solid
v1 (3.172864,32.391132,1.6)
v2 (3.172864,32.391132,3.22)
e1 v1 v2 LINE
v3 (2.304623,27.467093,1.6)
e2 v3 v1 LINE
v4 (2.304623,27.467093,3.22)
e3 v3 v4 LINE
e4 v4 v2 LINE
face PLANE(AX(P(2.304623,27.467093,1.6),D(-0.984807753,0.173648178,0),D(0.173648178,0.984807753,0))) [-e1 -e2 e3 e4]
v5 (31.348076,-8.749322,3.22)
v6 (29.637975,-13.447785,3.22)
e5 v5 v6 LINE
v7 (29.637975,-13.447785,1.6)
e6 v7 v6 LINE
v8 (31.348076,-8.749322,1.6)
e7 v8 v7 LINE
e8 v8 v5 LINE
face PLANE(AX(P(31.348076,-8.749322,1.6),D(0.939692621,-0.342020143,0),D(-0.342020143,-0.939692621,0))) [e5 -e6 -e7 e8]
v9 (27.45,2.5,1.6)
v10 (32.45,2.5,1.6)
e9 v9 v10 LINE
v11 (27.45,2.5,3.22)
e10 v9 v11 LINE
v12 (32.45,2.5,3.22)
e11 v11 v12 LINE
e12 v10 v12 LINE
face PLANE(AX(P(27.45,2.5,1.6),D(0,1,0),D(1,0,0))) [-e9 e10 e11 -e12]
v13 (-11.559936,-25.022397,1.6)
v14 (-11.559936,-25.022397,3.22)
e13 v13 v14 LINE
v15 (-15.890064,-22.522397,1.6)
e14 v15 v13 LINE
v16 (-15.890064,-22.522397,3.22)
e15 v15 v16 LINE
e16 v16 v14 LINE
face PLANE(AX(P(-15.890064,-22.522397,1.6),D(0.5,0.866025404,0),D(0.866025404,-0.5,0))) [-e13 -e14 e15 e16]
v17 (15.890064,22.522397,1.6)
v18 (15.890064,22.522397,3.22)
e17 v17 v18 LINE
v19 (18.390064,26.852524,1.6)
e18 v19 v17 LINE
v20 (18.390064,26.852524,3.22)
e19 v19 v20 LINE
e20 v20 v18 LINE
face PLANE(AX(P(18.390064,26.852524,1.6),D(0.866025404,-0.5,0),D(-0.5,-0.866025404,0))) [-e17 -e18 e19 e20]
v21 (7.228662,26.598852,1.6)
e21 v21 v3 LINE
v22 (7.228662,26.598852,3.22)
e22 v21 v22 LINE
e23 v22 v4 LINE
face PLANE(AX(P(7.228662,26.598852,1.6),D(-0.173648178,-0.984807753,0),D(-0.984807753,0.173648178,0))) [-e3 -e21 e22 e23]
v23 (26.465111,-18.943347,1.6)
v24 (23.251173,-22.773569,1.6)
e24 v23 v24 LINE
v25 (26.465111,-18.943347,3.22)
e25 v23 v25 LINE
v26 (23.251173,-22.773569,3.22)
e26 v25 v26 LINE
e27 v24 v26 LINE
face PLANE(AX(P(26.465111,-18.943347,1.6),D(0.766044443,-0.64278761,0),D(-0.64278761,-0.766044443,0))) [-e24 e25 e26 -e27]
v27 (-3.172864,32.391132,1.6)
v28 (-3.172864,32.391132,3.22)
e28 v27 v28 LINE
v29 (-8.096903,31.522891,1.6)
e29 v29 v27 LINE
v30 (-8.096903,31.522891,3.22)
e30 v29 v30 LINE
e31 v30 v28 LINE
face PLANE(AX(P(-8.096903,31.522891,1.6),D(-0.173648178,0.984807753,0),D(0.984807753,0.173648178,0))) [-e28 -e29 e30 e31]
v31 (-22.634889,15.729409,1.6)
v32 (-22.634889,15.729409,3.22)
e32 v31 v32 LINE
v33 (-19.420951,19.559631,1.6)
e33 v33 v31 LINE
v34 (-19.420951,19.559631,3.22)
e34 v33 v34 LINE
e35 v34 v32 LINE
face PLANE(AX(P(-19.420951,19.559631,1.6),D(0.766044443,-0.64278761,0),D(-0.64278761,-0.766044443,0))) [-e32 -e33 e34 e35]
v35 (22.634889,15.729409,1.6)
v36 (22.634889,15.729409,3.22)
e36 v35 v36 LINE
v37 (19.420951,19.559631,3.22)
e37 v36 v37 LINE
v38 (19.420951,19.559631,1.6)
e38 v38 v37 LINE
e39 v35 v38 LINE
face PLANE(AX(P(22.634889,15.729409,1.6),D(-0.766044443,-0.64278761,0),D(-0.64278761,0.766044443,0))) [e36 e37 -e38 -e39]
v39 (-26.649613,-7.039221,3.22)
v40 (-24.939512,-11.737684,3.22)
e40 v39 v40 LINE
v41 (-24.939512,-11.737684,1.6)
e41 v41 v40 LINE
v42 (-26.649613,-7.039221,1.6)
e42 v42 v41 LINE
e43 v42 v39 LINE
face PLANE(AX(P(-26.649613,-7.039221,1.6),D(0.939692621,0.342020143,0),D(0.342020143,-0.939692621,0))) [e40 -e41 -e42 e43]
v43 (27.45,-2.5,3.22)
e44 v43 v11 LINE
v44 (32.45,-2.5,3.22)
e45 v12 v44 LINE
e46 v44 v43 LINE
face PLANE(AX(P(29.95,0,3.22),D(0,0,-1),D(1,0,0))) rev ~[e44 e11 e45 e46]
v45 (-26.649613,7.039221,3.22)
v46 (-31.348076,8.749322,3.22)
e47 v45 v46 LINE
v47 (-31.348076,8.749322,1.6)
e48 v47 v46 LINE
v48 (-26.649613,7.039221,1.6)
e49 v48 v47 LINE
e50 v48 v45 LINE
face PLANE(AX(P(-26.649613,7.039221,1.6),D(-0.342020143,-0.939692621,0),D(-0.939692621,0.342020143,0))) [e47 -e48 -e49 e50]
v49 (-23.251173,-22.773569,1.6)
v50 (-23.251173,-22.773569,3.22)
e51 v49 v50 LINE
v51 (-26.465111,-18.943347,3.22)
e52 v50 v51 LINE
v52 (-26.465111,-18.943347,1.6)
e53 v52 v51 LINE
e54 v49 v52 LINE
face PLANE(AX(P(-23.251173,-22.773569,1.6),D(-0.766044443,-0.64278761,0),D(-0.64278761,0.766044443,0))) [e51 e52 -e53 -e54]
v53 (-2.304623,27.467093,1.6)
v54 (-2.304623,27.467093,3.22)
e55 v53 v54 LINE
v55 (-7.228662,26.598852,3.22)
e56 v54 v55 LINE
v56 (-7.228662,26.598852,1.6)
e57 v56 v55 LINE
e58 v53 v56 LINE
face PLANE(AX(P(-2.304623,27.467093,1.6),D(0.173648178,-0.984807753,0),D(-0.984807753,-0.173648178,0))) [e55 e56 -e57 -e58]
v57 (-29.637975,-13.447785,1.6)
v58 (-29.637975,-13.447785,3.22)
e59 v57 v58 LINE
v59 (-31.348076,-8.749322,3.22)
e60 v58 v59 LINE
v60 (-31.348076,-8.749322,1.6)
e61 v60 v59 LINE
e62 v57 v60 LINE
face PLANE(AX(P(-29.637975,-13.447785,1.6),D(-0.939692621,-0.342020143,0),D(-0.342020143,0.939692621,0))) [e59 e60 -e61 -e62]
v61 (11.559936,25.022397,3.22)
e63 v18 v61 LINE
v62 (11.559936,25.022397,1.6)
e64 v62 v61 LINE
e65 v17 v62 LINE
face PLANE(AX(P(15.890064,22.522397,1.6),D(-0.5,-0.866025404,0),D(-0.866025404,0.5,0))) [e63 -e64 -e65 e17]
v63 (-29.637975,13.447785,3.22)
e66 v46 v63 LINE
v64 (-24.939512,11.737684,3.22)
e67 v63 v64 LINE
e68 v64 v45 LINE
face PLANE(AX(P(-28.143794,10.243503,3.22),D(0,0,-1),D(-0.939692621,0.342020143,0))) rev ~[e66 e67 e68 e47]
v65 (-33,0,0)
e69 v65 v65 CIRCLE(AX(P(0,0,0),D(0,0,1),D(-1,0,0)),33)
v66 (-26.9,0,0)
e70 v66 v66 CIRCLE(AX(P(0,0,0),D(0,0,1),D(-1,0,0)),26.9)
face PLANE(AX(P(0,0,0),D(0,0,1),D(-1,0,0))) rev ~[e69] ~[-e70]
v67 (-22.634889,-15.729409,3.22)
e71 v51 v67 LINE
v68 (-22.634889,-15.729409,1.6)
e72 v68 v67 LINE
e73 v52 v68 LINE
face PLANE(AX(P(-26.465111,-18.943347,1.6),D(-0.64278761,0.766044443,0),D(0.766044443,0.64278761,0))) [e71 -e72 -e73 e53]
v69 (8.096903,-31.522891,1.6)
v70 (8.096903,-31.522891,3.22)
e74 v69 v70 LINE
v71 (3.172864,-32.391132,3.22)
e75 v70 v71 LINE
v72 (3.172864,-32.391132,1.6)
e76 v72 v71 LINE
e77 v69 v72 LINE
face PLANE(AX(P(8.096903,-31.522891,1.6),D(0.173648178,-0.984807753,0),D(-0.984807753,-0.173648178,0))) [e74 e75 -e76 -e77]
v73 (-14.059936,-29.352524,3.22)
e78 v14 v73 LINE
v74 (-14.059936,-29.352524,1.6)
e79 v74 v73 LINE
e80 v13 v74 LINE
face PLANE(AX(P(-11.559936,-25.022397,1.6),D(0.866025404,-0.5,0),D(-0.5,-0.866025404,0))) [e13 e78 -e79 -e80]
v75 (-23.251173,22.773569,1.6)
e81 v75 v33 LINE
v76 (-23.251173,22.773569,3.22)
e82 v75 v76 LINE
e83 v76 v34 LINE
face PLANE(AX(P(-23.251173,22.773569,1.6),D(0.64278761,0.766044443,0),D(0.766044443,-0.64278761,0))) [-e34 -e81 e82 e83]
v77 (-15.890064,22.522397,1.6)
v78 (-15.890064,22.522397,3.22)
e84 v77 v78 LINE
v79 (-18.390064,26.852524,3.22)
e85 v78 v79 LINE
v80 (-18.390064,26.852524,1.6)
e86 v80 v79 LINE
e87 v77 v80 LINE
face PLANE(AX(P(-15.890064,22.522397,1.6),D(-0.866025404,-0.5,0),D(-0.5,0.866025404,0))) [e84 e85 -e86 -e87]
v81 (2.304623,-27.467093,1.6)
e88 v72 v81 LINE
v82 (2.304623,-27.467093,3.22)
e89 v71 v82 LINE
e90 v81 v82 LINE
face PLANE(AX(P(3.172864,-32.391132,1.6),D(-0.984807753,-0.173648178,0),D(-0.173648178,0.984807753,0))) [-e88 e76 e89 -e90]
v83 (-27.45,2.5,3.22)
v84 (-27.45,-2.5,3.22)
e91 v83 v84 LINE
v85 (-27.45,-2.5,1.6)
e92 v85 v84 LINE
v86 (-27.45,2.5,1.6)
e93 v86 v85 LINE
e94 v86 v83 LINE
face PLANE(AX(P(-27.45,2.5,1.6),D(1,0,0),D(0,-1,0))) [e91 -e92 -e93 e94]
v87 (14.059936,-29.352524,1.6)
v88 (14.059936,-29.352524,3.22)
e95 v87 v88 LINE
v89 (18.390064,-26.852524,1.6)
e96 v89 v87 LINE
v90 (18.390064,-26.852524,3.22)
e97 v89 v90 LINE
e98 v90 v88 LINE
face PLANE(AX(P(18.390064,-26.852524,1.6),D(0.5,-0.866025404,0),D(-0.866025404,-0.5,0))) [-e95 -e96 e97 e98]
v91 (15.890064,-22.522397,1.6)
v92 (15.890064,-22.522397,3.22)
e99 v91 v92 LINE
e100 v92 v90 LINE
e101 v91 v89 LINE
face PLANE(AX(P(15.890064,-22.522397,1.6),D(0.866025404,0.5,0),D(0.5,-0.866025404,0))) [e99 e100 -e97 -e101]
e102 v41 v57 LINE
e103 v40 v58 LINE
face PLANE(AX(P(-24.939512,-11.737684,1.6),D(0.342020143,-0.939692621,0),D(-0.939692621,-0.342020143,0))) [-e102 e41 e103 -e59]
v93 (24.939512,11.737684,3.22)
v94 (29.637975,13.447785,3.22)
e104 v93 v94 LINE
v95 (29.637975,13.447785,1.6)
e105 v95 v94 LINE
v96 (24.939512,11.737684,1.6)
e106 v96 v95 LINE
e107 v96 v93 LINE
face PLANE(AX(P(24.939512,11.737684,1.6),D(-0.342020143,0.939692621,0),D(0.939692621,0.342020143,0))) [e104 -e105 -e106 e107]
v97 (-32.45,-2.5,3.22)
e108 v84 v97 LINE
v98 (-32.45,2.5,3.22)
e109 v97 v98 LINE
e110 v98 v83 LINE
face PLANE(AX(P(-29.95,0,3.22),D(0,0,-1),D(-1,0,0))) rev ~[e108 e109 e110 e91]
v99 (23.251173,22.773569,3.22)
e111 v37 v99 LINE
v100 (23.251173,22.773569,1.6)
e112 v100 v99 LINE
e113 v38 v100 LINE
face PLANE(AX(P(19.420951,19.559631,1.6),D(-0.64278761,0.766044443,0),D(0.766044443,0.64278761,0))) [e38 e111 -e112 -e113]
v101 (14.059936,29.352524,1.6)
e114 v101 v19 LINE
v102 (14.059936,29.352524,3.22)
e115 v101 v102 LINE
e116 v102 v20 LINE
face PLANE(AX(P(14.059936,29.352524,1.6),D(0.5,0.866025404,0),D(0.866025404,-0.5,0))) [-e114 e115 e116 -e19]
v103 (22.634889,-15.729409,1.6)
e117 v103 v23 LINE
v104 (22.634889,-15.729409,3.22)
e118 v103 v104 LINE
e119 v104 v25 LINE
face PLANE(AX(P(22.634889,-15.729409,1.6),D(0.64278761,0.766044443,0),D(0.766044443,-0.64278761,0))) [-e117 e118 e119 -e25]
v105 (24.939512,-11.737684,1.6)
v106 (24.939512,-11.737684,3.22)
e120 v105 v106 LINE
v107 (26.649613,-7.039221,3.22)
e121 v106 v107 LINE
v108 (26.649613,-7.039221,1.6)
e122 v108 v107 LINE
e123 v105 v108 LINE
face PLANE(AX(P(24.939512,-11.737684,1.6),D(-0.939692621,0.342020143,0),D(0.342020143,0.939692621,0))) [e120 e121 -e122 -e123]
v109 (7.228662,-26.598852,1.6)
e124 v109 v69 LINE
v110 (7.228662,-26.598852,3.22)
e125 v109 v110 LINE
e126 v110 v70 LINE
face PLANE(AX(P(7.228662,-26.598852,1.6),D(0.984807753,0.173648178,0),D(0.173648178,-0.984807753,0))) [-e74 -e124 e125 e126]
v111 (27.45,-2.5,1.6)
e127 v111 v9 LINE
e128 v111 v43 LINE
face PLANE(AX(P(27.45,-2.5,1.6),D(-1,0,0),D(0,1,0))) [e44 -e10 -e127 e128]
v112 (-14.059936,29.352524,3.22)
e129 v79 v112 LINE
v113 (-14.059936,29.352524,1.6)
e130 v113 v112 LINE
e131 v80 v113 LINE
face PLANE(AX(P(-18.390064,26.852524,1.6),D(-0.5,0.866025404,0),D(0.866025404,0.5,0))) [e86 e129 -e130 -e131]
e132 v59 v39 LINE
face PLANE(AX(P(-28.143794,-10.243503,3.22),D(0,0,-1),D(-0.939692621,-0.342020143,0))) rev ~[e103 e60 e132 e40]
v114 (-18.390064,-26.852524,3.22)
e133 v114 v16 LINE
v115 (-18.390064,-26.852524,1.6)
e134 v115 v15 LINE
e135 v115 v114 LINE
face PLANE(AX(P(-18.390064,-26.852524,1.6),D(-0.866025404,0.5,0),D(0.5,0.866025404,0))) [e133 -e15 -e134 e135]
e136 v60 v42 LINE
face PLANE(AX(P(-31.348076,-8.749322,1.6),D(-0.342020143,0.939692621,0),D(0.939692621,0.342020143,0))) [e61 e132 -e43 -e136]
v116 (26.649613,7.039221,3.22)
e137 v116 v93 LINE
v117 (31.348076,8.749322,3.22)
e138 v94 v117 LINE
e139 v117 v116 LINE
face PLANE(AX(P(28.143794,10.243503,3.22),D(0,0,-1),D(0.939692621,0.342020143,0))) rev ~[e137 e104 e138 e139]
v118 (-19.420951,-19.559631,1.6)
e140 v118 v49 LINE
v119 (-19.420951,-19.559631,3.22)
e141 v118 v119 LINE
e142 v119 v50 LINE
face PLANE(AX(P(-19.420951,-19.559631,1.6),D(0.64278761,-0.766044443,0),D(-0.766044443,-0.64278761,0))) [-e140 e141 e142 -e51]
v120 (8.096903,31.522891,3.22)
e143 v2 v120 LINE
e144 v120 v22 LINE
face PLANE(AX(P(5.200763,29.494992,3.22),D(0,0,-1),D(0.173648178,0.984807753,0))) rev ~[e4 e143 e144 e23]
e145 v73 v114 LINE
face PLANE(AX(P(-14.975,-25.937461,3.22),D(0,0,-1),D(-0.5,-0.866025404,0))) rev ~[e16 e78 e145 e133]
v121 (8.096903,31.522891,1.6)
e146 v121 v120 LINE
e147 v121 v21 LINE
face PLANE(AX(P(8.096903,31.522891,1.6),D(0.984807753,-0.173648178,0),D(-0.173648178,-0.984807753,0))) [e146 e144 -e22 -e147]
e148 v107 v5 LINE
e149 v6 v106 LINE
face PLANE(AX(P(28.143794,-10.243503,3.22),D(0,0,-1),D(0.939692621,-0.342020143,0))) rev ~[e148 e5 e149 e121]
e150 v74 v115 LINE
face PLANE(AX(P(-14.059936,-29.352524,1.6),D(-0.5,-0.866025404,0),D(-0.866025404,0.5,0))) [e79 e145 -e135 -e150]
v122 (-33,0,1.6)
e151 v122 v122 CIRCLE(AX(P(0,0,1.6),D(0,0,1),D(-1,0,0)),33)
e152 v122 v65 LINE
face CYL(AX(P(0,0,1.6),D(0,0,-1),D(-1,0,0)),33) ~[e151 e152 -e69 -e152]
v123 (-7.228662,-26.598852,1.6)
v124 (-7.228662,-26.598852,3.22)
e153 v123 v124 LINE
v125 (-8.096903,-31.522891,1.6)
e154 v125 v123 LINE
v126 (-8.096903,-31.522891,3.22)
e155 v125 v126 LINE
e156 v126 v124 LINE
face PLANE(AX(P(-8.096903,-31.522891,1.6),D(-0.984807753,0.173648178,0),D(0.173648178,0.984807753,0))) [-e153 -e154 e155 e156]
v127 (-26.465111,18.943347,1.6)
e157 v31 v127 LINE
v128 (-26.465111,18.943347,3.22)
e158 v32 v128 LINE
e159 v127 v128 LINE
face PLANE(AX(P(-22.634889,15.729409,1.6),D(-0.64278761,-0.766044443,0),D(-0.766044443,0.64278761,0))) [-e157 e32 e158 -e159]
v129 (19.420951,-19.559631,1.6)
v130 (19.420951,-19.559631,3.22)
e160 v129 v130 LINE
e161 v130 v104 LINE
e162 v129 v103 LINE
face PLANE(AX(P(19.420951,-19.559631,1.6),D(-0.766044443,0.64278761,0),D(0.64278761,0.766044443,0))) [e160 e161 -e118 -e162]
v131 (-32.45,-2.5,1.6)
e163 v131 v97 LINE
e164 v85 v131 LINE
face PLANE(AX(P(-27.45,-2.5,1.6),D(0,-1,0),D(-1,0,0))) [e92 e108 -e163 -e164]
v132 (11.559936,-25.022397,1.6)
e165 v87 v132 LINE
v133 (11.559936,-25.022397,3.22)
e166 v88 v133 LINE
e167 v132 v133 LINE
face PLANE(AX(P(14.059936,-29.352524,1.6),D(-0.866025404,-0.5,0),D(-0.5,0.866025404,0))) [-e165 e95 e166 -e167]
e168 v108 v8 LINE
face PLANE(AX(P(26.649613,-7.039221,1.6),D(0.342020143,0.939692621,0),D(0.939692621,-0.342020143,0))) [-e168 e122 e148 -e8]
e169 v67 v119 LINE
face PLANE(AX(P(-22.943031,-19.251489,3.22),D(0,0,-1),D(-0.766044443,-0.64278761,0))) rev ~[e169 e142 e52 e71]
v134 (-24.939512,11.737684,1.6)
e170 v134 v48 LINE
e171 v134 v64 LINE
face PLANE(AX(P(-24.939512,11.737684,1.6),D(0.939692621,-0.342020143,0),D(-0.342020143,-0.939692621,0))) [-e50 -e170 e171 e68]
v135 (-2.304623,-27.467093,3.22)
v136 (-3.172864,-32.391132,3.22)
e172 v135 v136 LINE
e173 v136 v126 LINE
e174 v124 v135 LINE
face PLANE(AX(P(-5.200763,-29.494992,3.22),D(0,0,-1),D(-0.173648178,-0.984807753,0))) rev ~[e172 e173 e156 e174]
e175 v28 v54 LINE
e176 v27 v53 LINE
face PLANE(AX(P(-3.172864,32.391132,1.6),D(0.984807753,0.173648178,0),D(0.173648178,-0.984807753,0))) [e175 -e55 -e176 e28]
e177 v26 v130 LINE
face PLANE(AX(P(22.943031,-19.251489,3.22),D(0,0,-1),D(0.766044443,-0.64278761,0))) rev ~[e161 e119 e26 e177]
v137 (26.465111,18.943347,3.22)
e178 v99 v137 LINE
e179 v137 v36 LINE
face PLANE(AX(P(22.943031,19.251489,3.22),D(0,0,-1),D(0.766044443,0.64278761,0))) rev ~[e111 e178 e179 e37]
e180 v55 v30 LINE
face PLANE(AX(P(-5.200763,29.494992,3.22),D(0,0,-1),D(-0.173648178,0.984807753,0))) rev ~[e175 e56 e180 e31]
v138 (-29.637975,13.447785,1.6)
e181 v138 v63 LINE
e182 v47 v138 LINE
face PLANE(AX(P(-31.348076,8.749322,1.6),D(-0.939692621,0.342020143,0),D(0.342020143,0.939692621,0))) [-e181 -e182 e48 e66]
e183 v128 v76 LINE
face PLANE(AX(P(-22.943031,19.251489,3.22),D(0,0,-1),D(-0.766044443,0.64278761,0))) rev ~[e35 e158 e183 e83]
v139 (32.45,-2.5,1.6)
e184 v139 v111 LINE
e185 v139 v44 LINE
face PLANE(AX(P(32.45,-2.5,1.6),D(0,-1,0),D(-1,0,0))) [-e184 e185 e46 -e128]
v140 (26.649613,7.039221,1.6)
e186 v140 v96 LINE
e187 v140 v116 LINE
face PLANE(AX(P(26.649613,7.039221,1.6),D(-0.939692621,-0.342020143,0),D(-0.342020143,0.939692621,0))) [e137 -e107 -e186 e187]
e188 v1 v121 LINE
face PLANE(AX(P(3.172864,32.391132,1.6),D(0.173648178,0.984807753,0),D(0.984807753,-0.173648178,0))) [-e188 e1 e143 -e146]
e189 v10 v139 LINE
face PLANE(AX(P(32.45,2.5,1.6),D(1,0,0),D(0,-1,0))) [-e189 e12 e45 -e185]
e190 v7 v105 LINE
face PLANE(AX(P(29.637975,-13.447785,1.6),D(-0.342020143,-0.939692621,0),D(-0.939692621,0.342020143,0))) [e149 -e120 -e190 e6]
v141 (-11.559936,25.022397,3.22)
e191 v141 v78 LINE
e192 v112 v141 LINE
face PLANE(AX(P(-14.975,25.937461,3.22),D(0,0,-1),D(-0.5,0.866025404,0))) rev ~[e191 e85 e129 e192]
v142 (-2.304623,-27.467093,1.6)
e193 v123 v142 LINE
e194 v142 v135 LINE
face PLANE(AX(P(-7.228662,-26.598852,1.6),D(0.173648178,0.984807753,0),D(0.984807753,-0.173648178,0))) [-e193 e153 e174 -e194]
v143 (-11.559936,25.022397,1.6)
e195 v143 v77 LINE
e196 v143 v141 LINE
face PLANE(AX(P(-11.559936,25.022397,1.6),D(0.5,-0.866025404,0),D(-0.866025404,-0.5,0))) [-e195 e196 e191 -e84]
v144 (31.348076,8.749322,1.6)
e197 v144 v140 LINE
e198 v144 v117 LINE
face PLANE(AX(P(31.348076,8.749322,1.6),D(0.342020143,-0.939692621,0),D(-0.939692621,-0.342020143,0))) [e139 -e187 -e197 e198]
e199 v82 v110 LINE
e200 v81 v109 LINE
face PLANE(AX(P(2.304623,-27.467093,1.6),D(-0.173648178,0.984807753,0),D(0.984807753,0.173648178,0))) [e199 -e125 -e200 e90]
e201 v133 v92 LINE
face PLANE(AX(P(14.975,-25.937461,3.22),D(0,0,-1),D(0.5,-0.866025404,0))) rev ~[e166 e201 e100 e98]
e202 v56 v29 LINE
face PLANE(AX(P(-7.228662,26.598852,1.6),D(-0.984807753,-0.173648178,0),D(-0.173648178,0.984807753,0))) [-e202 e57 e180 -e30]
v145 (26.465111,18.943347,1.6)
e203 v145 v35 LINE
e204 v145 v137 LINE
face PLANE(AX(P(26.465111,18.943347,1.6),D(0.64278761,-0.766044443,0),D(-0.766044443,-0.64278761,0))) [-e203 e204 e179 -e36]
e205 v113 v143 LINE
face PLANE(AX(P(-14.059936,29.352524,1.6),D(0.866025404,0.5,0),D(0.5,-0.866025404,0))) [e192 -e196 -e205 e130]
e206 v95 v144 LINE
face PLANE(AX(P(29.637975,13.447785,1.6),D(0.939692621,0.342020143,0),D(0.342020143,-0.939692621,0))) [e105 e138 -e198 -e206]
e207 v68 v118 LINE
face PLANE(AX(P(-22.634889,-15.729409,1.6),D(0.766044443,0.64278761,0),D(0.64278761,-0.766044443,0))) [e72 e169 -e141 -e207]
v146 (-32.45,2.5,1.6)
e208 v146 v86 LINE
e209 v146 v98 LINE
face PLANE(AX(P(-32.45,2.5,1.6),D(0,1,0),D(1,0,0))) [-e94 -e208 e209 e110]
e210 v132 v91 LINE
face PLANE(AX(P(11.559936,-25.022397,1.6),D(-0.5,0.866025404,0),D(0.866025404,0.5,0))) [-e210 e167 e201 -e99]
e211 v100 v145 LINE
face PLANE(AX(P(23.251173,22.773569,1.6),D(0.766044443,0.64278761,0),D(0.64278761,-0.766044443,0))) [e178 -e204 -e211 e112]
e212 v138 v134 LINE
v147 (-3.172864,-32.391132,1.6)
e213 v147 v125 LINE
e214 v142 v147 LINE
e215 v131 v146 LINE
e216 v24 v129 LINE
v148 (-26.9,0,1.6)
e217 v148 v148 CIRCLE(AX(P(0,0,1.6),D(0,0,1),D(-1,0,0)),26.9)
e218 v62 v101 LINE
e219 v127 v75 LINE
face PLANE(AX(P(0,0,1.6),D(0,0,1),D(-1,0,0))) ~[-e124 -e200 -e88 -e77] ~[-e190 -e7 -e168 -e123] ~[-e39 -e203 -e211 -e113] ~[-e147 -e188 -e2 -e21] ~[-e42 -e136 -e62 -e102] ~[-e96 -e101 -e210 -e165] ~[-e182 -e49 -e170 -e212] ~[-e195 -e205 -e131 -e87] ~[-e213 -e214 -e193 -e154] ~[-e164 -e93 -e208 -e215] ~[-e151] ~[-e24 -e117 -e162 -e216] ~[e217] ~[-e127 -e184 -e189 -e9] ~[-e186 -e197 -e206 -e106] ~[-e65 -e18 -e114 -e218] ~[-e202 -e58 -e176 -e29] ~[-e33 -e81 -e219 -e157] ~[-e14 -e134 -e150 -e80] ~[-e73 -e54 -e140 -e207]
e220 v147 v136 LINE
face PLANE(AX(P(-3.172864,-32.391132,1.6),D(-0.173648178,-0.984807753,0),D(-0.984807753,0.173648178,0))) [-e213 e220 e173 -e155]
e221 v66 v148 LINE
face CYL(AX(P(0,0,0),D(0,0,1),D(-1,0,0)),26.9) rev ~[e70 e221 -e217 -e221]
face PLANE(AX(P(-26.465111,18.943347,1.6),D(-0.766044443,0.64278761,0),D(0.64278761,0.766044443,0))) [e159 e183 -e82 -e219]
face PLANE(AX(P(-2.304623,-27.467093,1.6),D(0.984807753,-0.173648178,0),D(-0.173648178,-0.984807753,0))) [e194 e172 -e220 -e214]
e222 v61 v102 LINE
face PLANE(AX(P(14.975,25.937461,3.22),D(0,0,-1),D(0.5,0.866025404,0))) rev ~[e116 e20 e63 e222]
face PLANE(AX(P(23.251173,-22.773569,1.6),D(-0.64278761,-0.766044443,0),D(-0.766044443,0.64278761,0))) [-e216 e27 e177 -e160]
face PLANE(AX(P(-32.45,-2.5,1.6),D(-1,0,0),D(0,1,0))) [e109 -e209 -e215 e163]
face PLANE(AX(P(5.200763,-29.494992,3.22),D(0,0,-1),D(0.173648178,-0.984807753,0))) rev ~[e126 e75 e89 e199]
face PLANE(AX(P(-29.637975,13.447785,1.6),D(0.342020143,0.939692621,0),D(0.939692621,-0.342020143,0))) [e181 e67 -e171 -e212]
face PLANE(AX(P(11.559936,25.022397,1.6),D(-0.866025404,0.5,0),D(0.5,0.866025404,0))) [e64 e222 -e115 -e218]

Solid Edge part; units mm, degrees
sketch "Sketch1" plane through (0, 0, 0) normal (0, -1, 0) x (1, 0, 0)
  line L0 (-33, 1.6) -> (-33, 0)
  line L1 (-33, 0) -> (-26.9, 0)
  line L2 (-26.9, 0) -> (-26.9, 1.6)
  line L3 (-26.9, 1.6) -> (-33, 1.6)
  dimension "D1" = 1.6
revolve "RevolvedProtrusion1" add sketch "Sketch1" angle 360 about axis through (0, 0, 0) along (0, 0, 1)
sketch "Sketch2" plane through (0, 0, 1.6) normal (0, 0, 1) x (1, 0, 0)
  line L0 (-32.45, 2.5) -> (-27.45, 2.5)
  line L1 (-27.45, 2.5) -> (-27.45, -2.5)
  line L2 (-27.45, -2.5) -> (-32.45, -2.5)
  line L3 (-32.45, -2.5) -> (-32.45, 2.5)
  dimension "D1" = 3.05
  dimension "D2" = 5
  dimension "D3" = 5
extrude "Protrusion1" add sketch "Sketch2" along normal blind 1.62
pattern_circular "Pattern1" count 18 over 360 about axis through (0, 0, 1.6) along (0, 0, 1) of "Protrusion1"
